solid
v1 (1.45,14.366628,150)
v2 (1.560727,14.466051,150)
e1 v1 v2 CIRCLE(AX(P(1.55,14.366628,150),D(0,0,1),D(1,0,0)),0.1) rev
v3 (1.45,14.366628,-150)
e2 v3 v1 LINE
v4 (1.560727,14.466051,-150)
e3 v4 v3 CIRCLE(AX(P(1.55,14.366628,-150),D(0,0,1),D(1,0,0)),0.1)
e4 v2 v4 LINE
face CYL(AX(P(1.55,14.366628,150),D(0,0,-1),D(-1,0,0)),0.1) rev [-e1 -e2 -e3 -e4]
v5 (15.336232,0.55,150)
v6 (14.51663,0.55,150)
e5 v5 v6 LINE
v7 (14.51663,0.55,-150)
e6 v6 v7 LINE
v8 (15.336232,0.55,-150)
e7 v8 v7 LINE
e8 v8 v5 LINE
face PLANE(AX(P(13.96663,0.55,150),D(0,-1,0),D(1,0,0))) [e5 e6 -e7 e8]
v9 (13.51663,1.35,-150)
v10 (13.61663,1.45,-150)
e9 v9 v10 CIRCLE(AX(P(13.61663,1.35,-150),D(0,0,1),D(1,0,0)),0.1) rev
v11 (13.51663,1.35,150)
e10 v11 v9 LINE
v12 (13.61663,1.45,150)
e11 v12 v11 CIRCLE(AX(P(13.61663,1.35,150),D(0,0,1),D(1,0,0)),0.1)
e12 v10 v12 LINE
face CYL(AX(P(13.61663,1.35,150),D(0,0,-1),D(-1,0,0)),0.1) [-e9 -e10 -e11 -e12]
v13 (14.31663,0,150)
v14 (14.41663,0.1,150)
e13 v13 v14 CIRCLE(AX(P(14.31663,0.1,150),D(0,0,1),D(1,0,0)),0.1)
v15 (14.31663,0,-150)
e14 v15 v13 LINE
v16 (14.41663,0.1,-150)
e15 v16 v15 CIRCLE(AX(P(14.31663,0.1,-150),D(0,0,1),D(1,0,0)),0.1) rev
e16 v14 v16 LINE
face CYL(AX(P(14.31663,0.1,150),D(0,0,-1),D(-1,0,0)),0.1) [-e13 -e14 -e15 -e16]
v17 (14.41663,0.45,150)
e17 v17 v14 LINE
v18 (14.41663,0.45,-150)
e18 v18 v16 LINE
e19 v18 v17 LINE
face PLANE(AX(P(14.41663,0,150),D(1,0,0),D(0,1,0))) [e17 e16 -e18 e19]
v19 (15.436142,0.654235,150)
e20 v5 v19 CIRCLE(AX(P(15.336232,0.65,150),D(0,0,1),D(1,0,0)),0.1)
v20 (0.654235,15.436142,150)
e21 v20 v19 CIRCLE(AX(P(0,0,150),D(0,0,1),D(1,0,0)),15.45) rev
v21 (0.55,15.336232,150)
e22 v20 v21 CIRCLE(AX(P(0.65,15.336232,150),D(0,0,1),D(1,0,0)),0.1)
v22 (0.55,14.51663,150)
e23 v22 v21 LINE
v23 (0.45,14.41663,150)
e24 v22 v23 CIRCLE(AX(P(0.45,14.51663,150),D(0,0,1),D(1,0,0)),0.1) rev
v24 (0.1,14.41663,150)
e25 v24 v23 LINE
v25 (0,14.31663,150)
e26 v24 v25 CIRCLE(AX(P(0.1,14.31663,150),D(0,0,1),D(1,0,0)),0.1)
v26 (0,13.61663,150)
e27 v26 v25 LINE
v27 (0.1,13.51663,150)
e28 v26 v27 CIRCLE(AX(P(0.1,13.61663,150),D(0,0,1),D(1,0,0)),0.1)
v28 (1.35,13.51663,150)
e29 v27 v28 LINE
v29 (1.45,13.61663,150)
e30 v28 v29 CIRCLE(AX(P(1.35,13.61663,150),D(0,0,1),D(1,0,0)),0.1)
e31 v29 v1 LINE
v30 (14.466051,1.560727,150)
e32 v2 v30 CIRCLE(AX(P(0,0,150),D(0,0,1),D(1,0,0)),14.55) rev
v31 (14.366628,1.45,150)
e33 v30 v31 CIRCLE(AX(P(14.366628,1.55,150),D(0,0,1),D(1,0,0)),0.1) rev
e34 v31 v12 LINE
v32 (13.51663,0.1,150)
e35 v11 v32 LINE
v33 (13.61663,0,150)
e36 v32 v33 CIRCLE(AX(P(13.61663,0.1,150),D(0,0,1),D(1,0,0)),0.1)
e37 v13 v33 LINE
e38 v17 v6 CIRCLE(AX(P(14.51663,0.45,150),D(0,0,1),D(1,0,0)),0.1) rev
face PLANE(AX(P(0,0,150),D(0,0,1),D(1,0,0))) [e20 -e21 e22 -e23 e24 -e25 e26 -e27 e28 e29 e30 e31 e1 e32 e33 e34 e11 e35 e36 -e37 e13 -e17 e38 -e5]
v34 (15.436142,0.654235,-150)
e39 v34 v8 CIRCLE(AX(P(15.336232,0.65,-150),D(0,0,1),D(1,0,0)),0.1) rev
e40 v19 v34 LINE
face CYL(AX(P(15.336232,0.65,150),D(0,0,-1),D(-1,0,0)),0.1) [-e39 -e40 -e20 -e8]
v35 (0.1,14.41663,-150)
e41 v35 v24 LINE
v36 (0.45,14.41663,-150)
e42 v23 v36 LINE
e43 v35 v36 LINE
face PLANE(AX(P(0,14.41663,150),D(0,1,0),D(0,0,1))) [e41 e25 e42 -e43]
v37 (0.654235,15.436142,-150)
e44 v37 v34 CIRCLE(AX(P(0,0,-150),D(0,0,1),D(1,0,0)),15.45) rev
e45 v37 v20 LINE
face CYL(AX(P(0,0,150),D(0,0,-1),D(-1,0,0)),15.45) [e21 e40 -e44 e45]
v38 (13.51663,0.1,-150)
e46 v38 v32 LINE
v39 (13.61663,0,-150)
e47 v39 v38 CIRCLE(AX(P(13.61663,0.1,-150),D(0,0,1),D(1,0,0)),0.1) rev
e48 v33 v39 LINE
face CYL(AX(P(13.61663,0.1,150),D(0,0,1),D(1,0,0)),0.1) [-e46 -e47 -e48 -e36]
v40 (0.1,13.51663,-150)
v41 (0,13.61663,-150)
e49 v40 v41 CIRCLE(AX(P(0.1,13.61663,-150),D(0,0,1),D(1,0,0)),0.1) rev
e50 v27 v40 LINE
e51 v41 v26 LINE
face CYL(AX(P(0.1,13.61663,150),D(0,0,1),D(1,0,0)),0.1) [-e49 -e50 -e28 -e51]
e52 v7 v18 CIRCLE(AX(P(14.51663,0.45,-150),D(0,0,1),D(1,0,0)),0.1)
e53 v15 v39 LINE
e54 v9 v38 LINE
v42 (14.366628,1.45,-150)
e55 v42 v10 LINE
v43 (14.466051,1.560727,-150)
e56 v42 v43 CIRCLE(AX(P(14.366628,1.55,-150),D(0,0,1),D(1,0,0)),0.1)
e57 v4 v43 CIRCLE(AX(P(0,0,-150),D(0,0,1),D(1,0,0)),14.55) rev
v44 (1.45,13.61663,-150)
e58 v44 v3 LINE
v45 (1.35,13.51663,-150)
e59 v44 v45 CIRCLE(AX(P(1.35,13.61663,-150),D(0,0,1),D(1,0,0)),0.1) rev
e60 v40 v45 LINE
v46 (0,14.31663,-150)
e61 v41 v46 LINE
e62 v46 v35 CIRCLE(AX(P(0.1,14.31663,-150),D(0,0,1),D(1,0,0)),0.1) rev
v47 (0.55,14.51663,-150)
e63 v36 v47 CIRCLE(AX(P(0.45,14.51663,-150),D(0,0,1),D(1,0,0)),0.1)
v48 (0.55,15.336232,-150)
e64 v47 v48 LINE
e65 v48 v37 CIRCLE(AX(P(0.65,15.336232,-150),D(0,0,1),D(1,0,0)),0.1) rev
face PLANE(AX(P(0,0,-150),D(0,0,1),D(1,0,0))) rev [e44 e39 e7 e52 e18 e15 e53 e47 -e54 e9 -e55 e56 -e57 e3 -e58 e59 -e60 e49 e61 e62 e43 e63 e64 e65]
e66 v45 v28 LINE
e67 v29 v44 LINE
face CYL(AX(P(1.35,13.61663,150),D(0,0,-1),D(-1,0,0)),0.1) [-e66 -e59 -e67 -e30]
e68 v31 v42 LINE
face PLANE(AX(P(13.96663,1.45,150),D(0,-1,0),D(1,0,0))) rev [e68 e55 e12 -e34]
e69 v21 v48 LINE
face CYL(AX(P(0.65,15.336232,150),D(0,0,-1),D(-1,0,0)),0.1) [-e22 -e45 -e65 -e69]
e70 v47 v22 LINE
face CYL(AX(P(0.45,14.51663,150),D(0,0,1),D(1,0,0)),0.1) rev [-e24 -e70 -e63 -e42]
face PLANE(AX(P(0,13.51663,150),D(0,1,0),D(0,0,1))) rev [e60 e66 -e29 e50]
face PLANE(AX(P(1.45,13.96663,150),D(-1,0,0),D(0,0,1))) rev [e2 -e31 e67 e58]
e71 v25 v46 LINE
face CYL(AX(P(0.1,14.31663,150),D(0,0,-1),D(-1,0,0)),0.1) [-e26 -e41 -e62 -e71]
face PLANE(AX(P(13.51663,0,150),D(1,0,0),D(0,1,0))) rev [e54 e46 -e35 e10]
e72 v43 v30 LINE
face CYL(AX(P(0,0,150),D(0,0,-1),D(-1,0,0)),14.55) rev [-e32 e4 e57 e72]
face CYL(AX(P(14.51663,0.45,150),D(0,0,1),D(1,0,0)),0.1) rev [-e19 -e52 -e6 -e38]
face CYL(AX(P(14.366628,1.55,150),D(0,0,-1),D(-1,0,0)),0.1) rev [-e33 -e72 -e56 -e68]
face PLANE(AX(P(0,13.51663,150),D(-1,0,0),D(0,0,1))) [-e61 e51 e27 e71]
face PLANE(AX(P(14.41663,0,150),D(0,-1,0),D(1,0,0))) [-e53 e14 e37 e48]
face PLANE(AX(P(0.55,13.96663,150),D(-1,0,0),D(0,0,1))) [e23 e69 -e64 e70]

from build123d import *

# Parameters (mm, degrees)
EXTRUDE_THIN1_DEPTH = 150
FILLET1_R           = 0.1


with BuildPart() as part:
    # Sketch1 → Extrude-Thin1 (new, symmetric)
    with BuildSketch(Plane.XY):
        with BuildLine():
            Line((14.416629547, 0), (14.416629547, 0.55))
            Line((14.416629547, 0.55), (15.440207252, 0.55))
            ThreePointArc((15.440207252, 0.55), (10.924799769, 10.924799769), (0.55, 15.440207252))
            Line((0.55, 15.440207252), (0.55, 14.416629547))
            Line((0.55, 14.416629547), (0, 14.416629547))
            Line((0, 14.416629547), (0, 13.516629547))
            Line((0, 13.516629547), (1.45, 13.516629547))
            Line((1.45, 13.516629547), (1.45, 14.477568857))
            ThreePointArc((1.45, 14.477568857), (10.288403666, 10.288403666), (14.477568857, 1.45))
            Line((14.477568857, 1.45), (13.516629547, 1.45))
            Line((13.516629547, 1.45), (13.516629547, 0))
            Line((13.516629547, 0), (14.416629547, 0))
        make_face()
    extrude(amount=EXTRUDE_THIN1_DEPTH, both=True)

    # Fillet1
    fillet1_edges = [part.edges().sort_by_distance(p)[0] for p in [
        (13.516629547, 1.45, 0),
        (14.477568857, 1.45, 0),
        (1.45, 14.477568857, 0),
        (1.45, 13.516629547, 0),
        (0, 13.516629547, 0),
        (0, 14.416629547, 0),
        (0.55, 14.416629547, 0),
        (0.55, 15.440207252, 0),
        (15.440207252, 0.55, 0),
        (14.416629547, 0.55, 0),
        (14.416629547, 0, 0),
        (13.516629547, 0, 0),
    ]]
    fillet(fillet1_edges, radius=FILLET1_R)


solid = part.part
